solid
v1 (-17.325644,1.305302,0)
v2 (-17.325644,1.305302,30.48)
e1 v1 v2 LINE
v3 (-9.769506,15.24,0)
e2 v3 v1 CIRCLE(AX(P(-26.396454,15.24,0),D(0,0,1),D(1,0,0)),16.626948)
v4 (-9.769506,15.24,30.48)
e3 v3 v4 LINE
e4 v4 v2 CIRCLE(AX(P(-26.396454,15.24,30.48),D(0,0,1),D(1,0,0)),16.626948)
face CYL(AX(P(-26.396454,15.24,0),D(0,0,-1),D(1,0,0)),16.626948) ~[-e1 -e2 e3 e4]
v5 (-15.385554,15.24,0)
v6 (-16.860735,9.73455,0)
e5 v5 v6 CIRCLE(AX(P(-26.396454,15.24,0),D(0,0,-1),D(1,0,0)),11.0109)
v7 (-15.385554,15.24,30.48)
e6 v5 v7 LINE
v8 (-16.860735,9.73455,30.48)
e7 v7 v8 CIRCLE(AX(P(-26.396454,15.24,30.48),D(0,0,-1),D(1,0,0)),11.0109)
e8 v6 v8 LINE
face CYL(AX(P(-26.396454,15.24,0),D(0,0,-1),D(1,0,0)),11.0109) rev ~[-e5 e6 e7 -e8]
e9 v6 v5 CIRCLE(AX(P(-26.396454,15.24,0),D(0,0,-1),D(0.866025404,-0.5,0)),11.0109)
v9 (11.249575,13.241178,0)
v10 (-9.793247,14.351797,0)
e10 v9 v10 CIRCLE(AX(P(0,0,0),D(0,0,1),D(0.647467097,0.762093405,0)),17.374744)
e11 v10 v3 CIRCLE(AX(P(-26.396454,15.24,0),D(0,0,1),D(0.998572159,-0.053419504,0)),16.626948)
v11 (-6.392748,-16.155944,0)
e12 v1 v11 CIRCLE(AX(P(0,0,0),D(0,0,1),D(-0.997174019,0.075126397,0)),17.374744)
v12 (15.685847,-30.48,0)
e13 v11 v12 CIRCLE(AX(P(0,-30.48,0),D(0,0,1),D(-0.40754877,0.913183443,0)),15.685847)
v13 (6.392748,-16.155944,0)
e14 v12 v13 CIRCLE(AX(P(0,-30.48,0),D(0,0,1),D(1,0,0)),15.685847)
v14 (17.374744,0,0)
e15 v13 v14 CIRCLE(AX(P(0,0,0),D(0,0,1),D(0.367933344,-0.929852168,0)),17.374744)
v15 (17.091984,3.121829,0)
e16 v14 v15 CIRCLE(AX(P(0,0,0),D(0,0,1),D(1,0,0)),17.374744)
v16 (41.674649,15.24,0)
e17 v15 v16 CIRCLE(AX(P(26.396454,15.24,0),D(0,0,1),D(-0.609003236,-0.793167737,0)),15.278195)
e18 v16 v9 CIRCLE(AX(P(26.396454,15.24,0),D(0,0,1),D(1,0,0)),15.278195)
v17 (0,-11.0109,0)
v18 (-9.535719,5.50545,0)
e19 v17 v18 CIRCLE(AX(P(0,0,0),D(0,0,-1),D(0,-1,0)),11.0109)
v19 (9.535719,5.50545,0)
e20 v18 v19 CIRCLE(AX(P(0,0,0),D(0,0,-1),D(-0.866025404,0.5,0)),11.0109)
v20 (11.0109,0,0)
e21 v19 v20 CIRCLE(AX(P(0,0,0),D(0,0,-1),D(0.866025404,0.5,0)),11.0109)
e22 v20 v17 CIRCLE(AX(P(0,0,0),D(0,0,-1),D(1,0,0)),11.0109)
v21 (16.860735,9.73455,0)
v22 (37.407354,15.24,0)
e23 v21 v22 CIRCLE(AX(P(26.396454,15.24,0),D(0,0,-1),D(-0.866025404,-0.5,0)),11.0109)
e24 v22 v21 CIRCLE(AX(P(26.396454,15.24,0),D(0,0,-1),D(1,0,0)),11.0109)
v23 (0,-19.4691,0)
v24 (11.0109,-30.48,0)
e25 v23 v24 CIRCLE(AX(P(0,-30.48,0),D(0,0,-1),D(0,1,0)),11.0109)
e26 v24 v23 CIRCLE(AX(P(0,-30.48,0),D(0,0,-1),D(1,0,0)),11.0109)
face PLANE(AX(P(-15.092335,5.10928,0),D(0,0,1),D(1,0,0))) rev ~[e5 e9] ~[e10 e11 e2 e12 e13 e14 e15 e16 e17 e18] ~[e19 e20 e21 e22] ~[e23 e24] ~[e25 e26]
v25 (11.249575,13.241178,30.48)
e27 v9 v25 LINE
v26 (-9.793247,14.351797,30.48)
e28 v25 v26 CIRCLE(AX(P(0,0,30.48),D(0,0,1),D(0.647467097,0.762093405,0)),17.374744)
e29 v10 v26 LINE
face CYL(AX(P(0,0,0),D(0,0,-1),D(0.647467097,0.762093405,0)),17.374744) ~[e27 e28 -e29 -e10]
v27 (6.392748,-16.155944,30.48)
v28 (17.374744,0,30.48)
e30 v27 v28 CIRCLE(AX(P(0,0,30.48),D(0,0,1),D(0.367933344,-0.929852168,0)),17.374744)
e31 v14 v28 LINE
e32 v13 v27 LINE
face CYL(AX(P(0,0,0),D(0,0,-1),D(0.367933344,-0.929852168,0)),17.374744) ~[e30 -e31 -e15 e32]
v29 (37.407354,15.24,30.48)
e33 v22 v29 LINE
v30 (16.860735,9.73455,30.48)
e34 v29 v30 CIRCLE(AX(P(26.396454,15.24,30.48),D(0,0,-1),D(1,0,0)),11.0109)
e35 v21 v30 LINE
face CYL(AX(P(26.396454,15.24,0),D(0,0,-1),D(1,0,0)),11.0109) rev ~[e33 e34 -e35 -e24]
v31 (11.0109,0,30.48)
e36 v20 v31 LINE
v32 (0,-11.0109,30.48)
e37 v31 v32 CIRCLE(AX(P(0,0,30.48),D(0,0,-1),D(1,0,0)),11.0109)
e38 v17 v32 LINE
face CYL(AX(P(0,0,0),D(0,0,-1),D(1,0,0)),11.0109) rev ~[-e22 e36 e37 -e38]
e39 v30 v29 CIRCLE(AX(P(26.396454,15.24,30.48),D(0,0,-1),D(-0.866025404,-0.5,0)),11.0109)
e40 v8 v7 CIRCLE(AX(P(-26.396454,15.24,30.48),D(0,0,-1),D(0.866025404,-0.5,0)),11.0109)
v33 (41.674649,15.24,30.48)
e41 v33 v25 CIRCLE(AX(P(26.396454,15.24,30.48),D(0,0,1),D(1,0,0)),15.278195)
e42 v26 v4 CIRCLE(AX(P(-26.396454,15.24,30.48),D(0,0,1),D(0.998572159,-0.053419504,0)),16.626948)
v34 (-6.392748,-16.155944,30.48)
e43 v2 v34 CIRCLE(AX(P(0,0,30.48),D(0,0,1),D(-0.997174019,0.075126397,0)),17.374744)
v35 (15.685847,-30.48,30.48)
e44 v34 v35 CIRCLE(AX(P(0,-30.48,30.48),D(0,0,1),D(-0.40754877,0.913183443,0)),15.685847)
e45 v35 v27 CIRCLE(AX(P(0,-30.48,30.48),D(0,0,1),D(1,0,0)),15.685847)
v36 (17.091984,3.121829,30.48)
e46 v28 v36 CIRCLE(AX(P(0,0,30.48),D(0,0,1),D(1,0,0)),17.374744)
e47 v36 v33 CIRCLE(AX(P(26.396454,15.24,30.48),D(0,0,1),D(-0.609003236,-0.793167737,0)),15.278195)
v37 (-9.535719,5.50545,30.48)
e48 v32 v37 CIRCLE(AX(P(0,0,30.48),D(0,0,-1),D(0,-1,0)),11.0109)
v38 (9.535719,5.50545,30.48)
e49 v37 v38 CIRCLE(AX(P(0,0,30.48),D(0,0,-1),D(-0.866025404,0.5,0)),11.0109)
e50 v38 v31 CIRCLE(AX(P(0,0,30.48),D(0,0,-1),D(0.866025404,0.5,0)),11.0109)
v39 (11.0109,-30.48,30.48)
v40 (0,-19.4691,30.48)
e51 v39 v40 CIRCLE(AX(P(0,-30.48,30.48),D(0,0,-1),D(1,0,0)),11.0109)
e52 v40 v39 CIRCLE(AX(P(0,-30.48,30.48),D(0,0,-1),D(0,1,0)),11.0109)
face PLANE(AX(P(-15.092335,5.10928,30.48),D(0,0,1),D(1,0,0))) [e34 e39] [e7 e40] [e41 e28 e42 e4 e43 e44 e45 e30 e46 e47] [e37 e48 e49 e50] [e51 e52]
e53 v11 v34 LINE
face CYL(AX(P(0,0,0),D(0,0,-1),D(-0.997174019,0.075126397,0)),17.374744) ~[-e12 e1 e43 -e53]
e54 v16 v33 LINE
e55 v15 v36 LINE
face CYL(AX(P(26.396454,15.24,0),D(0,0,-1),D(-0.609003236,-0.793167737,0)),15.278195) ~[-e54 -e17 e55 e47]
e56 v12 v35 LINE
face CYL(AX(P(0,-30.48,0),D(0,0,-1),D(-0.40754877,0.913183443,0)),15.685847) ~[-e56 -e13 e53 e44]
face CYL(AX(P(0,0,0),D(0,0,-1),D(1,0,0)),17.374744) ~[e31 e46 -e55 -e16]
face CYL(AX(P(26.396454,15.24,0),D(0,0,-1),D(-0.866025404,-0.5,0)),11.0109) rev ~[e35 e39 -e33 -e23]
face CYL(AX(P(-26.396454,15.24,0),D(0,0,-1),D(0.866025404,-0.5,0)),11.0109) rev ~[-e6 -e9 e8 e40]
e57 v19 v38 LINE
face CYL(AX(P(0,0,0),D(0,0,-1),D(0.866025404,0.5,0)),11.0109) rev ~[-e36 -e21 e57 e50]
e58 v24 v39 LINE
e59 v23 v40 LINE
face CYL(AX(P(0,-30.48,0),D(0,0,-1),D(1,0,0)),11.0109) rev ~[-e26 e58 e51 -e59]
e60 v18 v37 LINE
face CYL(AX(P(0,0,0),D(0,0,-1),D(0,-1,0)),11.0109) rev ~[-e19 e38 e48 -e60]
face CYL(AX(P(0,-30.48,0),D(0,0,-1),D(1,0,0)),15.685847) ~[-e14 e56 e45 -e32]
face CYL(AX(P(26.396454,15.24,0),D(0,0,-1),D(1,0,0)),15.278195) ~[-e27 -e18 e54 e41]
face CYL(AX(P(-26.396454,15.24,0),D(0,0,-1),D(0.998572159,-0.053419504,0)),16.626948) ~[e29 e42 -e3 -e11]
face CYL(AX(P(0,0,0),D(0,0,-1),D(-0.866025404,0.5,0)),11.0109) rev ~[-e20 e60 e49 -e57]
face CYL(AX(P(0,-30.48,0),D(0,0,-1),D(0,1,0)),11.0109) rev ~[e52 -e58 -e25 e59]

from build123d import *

# Parameters (mm, degrees)
F1_DEPTH = 30.48


with BuildPart() as f1:
    # F0 (on Top) → F1 (new body)
    with BuildSketch(Plane.XY):
        with BuildLine():
            ThreePointArc((-17.3256437627, 1.3053019516), (-14.3294844151, 3.8013090235), (-11.9970945915, 6.9265257919))
            Line((-11.9970945915, 6.9265257919), (-15.0469700848, 8.6873722289))
            ThreePointArc((-15.0469700848, 8.6873722289), (-16.6018153292, 5.1245948867), (-17.3256437627, 1.3053019516))
        make_face()
        with BuildLine():
            Line((-15.0469700848, 8.6873722289), (-11.9970945915, 6.9265257919))
            ThreePointArc((-11.9970945915, 6.9265257919), (-10.4567723895, 10.5090430149), (-9.7932465311, 14.3517966596))
            ThreePointArc((-9.7932465311, 14.3517966596), (-12.7389370205, 11.8152963807), (-15.0469700848, 8.6873722289))
        make_face()
        with BuildLine():
            ThreePointArc((11.249575361, 13.2411781641), (11.9298201795, 10.3267803268), (13.165149651, 7.6009026949))
            Line((13.165149651, 7.6009026949), (15.0469700848, 8.6873722289))
            ThreePointArc((15.0469700848, 8.6873722289), (13.3439635311, 11.1274607282), (11.249575361, 13.2411781641))
        make_face()
        with BuildLine():
            Line((15.0469700848, 8.6873722289), (13.165149651, 7.6009026949))
            ThreePointArc((13.165149651, 7.6009026949), (14.908164192, 5.1681371746), (17.0919843466, 3.1218289624))
            ThreePointArc((17.0919843466, 3.1218289624), (16.3086454358, 5.992481041), (15.0469700848, 8.6873722289))
        make_face()
        with BuildLine():
            Line((0, -17.3747444579), (0, -14.7941525276))
            ThreePointArc((0, -14.7941525276), (-3.2680919654, -15.1383773403), (-6.392747837, -16.1559438))
            ThreePointArc((-6.392747837, -16.1559438), (-3.2539476006, -17.0673246289), (0, -17.3747444579))
        make_face()
        with BuildLine():
            ThreePointArc((6.392747837, -16.1559438), (3.2680919654, -15.1383773403), (0, -14.7941525276))
            Line((0, -14.7941525276), (0, -17.3747444579))
            ThreePointArc((0, -17.3747444579), (3.2539476006, -17.0673246289), (6.392747837, -16.1559438))
        make_face()
        with BuildLine():
            ThreePointArc((11.249575361, 13.2411781641), (13.3439635311, 11.1274607282), (15.0469700848, 8.6873722289))
            ThreePointArc((15.0469700848, 8.6873722289), (16.3086454358, 5.992481041), (17.0919843466, 3.1218289624))
            ThreePointArc((17.0919843466, 3.1218289624), (33.1517384517, 1.5363739589), (41.6746489175, 15.24))
            ThreePointArc((41.6746489175, 15.24), (25.3948889656, 30.4853303478), (11.249575361, 13.2411781641))
        make_face()
        with BuildLine():
            ThreePointArc((37.4073543073, 15.24), (29.2462849311, 4.6042873193), (16.8607351888, 9.73455))
            ThreePointArc((16.8607351888, 9.73455), (23.5466236836, 25.8757126807), (37.4073543073, 15.24))
        make_face(mode=Mode.SUBTRACT)
        with BuildLine():
            ThreePointArc((6.392747837, -16.1559438), (3.2539476006, -17.0673246289), (0, -17.3747444579))
            ThreePointArc((0, -17.3747444579), (-3.2539476006, -17.0673246289), (-6.392747837, -16.1559438))
            ThreePointArc((-6.392747837, -16.1559438), (-8.5372754268, -43.6390554074), (15.6858474724, -30.48))
            ThreePointArc((15.6858474724, -30.48), (13.1590554074, -21.9427245732), (6.392747837, -16.1559438))
        make_face()
        with BuildLine():
            ThreePointArc((11.0109, -30.48), (-7.785882057, -38.265882057), (0, -19.4691))
            ThreePointArc((0, -19.4691), (7.785882057, -22.694117943), (11.0109, -30.48))
        make_face(mode=Mode.SUBTRACT)
        with BuildLine():
            ThreePointArc((-9.5357191185, 5.50545), (0, 11.0109), (9.5357191185, 5.50545))
            Line((9.5357191185, 5.50545), (13.165149651, 7.6009026949))
            ThreePointArc((13.165149651, 7.6009026949), (11.9298201795, 10.3267803268), (11.249575361, 13.2411781641))
            ThreePointArc((11.249575361, 13.2411781641), (0.9157465675, 17.3505951829), (-9.7932465311, 14.3517966596))
            ThreePointArc((-9.7932465311, 14.3517966596), (-10.4567723895, 10.5090430149), (-11.9970945915, 6.9265257919))
            Line((-11.9970945915, 6.9265257919), (-9.5357191185, 5.50545))
        make_face()
        with BuildLine():
            Line((0, -14.7941525276), (0, -11.0109))
            ThreePointArc((0, -11.0109), (-9.5357191185, -5.50545), (-9.5357191185, 5.50545))
            Line((-9.5357191185, 5.50545), (-11.9970945915, 6.9265257919))
            ThreePointArc((-11.9970945915, 6.9265257919), (-14.3294844151, 3.8013090235), (-17.3256437627, 1.3053019516))
            ThreePointArc((-17.3256437627, 1.3053019516), (-14.726313212, -9.220490451), (-6.392747837, -16.1559438))
            ThreePointArc((-6.392747837, -16.1559438), (-3.2680919654, -15.1383773403), (0, -14.7941525276))
        make_face()
        with BuildLine():
            ThreePointArc((9.5357191185, 5.50545), (10.6357126807, 2.8498306237), (11.0109, 0))
            ThreePointArc((11.0109, 0), (7.785882057, -7.785882057), (0, -11.0109))
            Line((0, -11.0109), (0, -14.7941525276))
            ThreePointArc((0, -14.7941525276), (3.2680919654, -15.1383773403), (6.392747837, -16.1559438))
            ThreePointArc((6.392747837, -16.1559438), (14.3693093959, -9.7675325678), (17.3747444579, 0))
            ThreePointArc((17.3747444579, 0), (17.303910039, 1.5673041625), (17.0919843466, 3.1218289624))
            ThreePointArc((17.0919843466, 3.1218289624), (14.908164192, 5.1681371746), (13.165149651, 7.6009026949))
            Line((13.165149651, 7.6009026949), (9.5357191185, 5.50545))
        make_face()
        with BuildLine():
            ThreePointArc((-17.3256437627, 1.3053019516), (-16.6018153292, 5.1245948867), (-15.0469700848, 8.6873722289))
            ThreePointArc((-15.0469700848, 8.6873722289), (-12.7389370205, 11.8152963807), (-9.7932465311, 14.3517966596))
            ThreePointArc((-9.7932465311, 14.3517966596), (-9.7754421108, 14.7957397182), (-9.7695058911, 15.24))
            ThreePointArc((-9.7695058911, 15.24), (-41.0128032471, 23.1657654083), (-17.3256437627, 1.3053019516))
        make_face()
        with BuildLine():
            ThreePointArc((-15.3855543073, 15.24), (-15.7607416267, 12.3901693763), (-16.8607351888, 9.73455))
            ThreePointArc((-16.8607351888, 9.73455), (-37.032166988, 18.0898306237), (-15.3855543073, 15.24))
        make_face(mode=Mode.SUBTRACT)
    extrude(amount=F1_DEPTH)


solid = f1.part
